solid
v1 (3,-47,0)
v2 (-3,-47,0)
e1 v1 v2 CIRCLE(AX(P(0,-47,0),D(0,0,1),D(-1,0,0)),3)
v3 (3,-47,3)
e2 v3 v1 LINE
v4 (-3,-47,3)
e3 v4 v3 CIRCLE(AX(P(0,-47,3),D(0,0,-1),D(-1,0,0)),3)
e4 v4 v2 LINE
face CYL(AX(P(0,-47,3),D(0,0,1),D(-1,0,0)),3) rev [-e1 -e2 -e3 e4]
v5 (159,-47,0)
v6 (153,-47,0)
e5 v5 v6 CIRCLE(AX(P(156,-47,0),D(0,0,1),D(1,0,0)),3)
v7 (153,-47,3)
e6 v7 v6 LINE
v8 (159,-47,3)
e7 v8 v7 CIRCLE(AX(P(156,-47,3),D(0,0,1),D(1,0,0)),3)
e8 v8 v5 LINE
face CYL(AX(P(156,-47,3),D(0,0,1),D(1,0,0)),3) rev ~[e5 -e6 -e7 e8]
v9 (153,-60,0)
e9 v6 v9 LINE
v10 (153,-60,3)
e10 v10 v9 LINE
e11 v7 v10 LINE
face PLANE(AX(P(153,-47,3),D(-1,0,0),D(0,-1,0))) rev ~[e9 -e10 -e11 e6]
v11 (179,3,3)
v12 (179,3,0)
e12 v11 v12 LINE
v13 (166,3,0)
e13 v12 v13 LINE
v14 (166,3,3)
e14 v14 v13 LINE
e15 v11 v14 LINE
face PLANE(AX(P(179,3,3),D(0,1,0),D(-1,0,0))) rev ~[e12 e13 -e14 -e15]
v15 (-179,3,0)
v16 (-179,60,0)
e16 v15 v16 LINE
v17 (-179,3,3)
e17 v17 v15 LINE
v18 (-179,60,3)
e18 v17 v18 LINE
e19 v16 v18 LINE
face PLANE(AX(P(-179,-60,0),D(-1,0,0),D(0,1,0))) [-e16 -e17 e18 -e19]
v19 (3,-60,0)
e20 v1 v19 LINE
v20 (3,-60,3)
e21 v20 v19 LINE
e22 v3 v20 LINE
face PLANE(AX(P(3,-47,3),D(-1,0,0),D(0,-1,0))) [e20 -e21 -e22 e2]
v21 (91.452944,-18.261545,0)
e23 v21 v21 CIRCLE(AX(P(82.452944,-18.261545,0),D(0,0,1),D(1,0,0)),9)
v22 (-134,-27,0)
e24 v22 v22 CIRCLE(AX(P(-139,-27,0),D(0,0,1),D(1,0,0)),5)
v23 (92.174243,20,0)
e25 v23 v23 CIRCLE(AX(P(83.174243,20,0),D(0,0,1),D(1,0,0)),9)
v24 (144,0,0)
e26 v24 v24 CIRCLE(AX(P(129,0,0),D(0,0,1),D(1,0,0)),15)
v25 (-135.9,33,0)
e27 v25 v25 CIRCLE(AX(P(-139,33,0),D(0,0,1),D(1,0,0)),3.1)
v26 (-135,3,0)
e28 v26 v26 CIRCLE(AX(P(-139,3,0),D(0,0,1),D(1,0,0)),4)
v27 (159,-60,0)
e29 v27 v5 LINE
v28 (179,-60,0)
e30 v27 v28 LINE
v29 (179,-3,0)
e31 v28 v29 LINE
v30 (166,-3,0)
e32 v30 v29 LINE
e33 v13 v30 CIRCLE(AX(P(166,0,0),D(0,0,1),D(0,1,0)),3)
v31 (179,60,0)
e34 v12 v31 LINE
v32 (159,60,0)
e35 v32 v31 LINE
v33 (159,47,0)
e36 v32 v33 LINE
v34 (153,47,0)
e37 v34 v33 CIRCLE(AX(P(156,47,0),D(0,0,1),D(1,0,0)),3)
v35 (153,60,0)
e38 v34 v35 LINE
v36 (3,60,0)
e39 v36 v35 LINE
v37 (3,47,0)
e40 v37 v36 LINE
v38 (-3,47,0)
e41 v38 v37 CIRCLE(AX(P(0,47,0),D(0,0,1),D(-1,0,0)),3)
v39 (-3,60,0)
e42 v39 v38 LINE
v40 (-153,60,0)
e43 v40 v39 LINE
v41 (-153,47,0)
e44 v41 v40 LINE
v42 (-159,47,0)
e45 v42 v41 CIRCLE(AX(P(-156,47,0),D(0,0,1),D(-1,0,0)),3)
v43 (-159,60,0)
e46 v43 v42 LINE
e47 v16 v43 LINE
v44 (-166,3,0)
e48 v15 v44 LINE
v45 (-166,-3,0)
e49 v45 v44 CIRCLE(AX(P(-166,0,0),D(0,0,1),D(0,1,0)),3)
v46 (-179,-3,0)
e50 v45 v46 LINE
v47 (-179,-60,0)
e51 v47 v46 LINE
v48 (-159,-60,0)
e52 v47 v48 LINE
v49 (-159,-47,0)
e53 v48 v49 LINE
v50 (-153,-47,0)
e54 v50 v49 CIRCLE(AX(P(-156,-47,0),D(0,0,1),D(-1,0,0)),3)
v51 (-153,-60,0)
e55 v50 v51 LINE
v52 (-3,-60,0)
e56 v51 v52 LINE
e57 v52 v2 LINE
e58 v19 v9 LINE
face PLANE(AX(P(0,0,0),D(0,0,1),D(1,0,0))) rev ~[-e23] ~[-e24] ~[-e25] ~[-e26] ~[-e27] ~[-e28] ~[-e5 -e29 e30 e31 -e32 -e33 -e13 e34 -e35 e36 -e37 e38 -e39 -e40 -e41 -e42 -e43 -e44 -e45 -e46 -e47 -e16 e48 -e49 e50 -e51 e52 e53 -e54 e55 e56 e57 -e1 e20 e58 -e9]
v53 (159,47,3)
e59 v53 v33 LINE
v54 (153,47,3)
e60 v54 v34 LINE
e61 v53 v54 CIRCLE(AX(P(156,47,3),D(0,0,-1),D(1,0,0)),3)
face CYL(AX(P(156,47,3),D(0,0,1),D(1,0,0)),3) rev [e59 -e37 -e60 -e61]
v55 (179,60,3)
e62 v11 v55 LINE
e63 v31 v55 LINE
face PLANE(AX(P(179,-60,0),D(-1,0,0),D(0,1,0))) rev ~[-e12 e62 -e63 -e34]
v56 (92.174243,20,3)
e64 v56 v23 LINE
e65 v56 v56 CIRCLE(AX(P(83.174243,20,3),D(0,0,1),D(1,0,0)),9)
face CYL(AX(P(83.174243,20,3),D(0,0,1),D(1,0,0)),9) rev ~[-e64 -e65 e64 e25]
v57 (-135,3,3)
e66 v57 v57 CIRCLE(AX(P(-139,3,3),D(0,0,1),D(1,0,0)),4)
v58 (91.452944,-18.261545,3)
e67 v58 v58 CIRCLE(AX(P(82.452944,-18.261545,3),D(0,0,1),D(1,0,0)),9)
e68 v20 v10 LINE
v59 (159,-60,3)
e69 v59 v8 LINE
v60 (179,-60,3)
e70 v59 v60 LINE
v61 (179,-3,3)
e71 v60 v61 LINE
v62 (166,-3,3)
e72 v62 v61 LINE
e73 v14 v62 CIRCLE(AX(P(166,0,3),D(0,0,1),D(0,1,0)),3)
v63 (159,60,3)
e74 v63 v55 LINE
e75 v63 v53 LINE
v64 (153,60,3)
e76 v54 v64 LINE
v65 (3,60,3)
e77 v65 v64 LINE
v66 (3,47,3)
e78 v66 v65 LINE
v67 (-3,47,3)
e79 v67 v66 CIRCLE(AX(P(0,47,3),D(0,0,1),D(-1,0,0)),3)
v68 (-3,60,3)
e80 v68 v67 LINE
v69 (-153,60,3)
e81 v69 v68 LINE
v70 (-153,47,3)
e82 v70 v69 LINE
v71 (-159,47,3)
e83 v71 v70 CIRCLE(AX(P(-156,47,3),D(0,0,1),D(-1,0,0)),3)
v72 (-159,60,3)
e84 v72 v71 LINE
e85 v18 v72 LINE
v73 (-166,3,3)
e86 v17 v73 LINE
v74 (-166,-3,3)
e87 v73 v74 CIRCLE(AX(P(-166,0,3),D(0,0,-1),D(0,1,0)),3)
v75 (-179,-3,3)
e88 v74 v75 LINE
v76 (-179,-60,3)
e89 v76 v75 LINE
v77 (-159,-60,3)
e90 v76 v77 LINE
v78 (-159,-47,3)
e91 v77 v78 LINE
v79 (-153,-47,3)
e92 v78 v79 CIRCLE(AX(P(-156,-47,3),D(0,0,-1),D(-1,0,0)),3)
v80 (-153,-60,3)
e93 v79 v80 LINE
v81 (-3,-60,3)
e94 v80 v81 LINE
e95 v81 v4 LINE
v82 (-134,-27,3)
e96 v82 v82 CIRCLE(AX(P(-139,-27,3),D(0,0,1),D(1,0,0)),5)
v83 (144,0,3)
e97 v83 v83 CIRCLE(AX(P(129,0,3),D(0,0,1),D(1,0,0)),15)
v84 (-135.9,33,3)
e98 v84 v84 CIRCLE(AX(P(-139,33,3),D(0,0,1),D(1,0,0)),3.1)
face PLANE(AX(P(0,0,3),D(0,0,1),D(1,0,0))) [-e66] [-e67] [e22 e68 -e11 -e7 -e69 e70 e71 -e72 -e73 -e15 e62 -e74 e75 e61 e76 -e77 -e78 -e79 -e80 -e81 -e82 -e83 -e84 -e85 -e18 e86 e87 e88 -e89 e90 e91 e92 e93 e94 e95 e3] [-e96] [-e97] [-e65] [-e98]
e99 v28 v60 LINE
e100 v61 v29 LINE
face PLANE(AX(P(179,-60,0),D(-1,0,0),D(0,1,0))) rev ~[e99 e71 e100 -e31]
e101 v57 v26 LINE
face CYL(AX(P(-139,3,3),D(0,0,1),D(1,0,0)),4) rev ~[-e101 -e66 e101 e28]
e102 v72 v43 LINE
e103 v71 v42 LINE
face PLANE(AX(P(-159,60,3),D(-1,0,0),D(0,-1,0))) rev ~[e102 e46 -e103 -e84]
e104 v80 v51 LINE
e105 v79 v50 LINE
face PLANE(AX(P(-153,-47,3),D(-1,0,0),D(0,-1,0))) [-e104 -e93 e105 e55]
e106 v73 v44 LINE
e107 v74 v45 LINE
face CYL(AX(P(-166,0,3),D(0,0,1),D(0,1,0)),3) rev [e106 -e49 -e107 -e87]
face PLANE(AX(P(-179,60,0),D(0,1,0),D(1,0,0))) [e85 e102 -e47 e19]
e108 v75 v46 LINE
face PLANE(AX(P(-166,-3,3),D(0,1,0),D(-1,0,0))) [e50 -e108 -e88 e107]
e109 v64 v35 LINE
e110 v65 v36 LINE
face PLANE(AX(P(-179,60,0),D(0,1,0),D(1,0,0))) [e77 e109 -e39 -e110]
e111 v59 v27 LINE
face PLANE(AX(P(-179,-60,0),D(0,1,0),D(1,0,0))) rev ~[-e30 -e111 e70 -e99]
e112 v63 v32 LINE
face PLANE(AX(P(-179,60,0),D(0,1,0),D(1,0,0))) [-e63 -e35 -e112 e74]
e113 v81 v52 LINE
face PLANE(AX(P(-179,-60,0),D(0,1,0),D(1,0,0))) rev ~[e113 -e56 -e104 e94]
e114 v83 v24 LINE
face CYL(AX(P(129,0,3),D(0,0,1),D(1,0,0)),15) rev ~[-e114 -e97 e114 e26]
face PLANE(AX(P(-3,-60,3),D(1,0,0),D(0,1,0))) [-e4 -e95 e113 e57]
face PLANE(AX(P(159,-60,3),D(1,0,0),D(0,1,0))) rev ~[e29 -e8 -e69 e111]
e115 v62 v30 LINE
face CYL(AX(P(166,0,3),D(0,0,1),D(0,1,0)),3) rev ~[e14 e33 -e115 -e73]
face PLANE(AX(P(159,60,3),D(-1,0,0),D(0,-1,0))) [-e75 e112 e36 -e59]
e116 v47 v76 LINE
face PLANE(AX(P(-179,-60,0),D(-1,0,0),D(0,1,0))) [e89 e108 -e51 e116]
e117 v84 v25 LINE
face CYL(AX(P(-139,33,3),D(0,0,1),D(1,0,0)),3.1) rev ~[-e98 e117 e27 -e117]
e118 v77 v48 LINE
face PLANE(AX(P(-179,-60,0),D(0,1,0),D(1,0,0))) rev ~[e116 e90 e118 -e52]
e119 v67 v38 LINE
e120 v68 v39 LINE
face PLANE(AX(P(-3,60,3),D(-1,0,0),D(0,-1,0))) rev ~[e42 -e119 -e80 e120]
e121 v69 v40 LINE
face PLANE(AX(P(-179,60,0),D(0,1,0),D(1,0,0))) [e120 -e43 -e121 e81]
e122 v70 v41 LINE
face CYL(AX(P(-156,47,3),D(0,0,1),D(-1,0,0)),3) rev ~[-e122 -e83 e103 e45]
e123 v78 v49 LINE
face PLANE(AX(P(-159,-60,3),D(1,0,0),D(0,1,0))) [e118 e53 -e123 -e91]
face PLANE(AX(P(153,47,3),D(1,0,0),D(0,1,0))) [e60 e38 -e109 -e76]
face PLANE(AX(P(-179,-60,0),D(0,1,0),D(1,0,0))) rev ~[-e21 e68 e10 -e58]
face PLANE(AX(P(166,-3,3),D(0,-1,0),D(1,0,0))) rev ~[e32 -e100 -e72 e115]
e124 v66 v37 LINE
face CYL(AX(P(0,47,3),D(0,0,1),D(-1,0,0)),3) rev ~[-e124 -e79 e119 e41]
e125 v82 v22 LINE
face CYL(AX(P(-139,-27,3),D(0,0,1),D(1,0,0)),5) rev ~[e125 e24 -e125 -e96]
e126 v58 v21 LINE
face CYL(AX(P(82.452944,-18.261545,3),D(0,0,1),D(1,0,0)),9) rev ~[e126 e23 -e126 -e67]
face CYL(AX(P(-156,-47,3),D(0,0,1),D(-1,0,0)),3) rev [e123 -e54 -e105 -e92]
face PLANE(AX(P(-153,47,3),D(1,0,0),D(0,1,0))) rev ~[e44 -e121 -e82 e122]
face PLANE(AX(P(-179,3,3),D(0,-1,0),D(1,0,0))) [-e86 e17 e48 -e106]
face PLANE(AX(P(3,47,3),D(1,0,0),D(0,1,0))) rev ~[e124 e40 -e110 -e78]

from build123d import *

# Parameters (mm, degrees)
SKETCH1_W           = 358
SKETCH1_H           = 120
BOSS_EXTRUDE1_DEPTH = 3
SKETCH2_R           = 15
SKETCH2_R_2         = 9
CUT_EXTRUDE1_DEPTH  = 10
SKETCH3_R           = 3.1
SKETCH3_R_2         = 4
SKETCH3_R_3         = 5
CUT_EXTRUDE2_DEPTH  = 10
CUT_EXTRUDE3_DEPTH  = 10


with BuildPart() as part:
    # Sketch1 → Boss-Extrude1 (new body)
    with BuildSketch(Plane.XY):
        Rectangle(SKETCH1_W, SKETCH1_H)
    extrude(amount=BOSS_EXTRUDE1_DEPTH)

    # Sketch2 → Cut-Extrude1 (cut)
    with BuildSketch(Plane.XY.offset(3)):
        with Locations((129, 0)):
            Circle(SKETCH2_R)
        with Locations((83.17424305, 20)):
            Circle(SKETCH2_R_2)
        with Locations((82.45294449, -18.261544956)):
            Circle(SKETCH2_R_2)
    extrude(amount=-CUT_EXTRUDE1_DEPTH, mode=Mode.SUBTRACT)

    # Sketch3 → Cut-Extrude2 (cut)
    with BuildSketch(Plane.XY.offset(3)):
        with Locations((-139, 33)):
            Circle(SKETCH3_R)
        with Locations((-139, 3)):
            Circle(SKETCH3_R_2)
        with Locations((-139, -27)):
            Circle(SKETCH3_R_3)
    extrude(amount=-CUT_EXTRUDE2_DEPTH, mode=Mode.SUBTRACT)

    # Sketch4 → Cut-Extrude3 (cut)
    with BuildSketch(Plane.XY.offset(3)):
        with BuildLine():
            Line((-159, -60), (-159, -47))
            ThreePointArc((-159, -47), (-156, -44), (-153, -47))
            Line((-153, -47), (-153, -60))
            Line((-153, -60), (-159, -60))
        make_face()
        with BuildLine():
            Line((-153, 47), (-153, 60))
            Line((-153, 60), (-159, 60))
            Line((-159, 60), (-159, 47))
            ThreePointArc((-159, 47), (-156, 44), (-153, 47))
        make_face()
        with BuildLine():
            Line((159, 60), (159, 47))
            ThreePointArc((159, 47), (156, 44), (153, 47))
            Line((153, 47), (153, 60))
            Line((153, 60), (159, 60))
        make_face()
        with BuildLine():
            Line((153, -47), (153, -60))
            Line((153, -60), (159, -60))
            Line((159, -60), (159, -47))
            ThreePointArc((159, -47), (156, -44), (153, -47))
        make_face()
        with BuildLine():
            Line((-179, 3), (-166, 3))
            ThreePointArc((-166, 3), (-163, 0), (-166, -3))
            Line((-166, -3), (-179, -3))
            Line((-179, -3), (-179, 3))
        make_face()
        with BuildLine():
            Line((-3, -60), (-3, -47))
            ThreePointArc((-3, -47), (0, -44), (3, -47))
            Line((3, -47), (3, -60))
            Line((3, -60), (-3, -60))
        make_face()
        with BuildLine():
            Line((166, -3), (179, -3))
            Line((179, -3), (179, 3))
            Line((179, 3), (166, 3))
            ThreePointArc((166, 3), (163, 0), (166, -3))
        make_face()
        with BuildLine():
            Line((3, 47), (3, 60))
            Line((3, 60), (-3, 60))
            Line((-3, 60), (-3, 47))
            ThreePointArc((-3, 47), (0, 44), (3, 47))
        make_face()
    extrude(amount=-CUT_EXTRUDE3_DEPTH, mode=Mode.SUBTRACT)


solid = part.part
